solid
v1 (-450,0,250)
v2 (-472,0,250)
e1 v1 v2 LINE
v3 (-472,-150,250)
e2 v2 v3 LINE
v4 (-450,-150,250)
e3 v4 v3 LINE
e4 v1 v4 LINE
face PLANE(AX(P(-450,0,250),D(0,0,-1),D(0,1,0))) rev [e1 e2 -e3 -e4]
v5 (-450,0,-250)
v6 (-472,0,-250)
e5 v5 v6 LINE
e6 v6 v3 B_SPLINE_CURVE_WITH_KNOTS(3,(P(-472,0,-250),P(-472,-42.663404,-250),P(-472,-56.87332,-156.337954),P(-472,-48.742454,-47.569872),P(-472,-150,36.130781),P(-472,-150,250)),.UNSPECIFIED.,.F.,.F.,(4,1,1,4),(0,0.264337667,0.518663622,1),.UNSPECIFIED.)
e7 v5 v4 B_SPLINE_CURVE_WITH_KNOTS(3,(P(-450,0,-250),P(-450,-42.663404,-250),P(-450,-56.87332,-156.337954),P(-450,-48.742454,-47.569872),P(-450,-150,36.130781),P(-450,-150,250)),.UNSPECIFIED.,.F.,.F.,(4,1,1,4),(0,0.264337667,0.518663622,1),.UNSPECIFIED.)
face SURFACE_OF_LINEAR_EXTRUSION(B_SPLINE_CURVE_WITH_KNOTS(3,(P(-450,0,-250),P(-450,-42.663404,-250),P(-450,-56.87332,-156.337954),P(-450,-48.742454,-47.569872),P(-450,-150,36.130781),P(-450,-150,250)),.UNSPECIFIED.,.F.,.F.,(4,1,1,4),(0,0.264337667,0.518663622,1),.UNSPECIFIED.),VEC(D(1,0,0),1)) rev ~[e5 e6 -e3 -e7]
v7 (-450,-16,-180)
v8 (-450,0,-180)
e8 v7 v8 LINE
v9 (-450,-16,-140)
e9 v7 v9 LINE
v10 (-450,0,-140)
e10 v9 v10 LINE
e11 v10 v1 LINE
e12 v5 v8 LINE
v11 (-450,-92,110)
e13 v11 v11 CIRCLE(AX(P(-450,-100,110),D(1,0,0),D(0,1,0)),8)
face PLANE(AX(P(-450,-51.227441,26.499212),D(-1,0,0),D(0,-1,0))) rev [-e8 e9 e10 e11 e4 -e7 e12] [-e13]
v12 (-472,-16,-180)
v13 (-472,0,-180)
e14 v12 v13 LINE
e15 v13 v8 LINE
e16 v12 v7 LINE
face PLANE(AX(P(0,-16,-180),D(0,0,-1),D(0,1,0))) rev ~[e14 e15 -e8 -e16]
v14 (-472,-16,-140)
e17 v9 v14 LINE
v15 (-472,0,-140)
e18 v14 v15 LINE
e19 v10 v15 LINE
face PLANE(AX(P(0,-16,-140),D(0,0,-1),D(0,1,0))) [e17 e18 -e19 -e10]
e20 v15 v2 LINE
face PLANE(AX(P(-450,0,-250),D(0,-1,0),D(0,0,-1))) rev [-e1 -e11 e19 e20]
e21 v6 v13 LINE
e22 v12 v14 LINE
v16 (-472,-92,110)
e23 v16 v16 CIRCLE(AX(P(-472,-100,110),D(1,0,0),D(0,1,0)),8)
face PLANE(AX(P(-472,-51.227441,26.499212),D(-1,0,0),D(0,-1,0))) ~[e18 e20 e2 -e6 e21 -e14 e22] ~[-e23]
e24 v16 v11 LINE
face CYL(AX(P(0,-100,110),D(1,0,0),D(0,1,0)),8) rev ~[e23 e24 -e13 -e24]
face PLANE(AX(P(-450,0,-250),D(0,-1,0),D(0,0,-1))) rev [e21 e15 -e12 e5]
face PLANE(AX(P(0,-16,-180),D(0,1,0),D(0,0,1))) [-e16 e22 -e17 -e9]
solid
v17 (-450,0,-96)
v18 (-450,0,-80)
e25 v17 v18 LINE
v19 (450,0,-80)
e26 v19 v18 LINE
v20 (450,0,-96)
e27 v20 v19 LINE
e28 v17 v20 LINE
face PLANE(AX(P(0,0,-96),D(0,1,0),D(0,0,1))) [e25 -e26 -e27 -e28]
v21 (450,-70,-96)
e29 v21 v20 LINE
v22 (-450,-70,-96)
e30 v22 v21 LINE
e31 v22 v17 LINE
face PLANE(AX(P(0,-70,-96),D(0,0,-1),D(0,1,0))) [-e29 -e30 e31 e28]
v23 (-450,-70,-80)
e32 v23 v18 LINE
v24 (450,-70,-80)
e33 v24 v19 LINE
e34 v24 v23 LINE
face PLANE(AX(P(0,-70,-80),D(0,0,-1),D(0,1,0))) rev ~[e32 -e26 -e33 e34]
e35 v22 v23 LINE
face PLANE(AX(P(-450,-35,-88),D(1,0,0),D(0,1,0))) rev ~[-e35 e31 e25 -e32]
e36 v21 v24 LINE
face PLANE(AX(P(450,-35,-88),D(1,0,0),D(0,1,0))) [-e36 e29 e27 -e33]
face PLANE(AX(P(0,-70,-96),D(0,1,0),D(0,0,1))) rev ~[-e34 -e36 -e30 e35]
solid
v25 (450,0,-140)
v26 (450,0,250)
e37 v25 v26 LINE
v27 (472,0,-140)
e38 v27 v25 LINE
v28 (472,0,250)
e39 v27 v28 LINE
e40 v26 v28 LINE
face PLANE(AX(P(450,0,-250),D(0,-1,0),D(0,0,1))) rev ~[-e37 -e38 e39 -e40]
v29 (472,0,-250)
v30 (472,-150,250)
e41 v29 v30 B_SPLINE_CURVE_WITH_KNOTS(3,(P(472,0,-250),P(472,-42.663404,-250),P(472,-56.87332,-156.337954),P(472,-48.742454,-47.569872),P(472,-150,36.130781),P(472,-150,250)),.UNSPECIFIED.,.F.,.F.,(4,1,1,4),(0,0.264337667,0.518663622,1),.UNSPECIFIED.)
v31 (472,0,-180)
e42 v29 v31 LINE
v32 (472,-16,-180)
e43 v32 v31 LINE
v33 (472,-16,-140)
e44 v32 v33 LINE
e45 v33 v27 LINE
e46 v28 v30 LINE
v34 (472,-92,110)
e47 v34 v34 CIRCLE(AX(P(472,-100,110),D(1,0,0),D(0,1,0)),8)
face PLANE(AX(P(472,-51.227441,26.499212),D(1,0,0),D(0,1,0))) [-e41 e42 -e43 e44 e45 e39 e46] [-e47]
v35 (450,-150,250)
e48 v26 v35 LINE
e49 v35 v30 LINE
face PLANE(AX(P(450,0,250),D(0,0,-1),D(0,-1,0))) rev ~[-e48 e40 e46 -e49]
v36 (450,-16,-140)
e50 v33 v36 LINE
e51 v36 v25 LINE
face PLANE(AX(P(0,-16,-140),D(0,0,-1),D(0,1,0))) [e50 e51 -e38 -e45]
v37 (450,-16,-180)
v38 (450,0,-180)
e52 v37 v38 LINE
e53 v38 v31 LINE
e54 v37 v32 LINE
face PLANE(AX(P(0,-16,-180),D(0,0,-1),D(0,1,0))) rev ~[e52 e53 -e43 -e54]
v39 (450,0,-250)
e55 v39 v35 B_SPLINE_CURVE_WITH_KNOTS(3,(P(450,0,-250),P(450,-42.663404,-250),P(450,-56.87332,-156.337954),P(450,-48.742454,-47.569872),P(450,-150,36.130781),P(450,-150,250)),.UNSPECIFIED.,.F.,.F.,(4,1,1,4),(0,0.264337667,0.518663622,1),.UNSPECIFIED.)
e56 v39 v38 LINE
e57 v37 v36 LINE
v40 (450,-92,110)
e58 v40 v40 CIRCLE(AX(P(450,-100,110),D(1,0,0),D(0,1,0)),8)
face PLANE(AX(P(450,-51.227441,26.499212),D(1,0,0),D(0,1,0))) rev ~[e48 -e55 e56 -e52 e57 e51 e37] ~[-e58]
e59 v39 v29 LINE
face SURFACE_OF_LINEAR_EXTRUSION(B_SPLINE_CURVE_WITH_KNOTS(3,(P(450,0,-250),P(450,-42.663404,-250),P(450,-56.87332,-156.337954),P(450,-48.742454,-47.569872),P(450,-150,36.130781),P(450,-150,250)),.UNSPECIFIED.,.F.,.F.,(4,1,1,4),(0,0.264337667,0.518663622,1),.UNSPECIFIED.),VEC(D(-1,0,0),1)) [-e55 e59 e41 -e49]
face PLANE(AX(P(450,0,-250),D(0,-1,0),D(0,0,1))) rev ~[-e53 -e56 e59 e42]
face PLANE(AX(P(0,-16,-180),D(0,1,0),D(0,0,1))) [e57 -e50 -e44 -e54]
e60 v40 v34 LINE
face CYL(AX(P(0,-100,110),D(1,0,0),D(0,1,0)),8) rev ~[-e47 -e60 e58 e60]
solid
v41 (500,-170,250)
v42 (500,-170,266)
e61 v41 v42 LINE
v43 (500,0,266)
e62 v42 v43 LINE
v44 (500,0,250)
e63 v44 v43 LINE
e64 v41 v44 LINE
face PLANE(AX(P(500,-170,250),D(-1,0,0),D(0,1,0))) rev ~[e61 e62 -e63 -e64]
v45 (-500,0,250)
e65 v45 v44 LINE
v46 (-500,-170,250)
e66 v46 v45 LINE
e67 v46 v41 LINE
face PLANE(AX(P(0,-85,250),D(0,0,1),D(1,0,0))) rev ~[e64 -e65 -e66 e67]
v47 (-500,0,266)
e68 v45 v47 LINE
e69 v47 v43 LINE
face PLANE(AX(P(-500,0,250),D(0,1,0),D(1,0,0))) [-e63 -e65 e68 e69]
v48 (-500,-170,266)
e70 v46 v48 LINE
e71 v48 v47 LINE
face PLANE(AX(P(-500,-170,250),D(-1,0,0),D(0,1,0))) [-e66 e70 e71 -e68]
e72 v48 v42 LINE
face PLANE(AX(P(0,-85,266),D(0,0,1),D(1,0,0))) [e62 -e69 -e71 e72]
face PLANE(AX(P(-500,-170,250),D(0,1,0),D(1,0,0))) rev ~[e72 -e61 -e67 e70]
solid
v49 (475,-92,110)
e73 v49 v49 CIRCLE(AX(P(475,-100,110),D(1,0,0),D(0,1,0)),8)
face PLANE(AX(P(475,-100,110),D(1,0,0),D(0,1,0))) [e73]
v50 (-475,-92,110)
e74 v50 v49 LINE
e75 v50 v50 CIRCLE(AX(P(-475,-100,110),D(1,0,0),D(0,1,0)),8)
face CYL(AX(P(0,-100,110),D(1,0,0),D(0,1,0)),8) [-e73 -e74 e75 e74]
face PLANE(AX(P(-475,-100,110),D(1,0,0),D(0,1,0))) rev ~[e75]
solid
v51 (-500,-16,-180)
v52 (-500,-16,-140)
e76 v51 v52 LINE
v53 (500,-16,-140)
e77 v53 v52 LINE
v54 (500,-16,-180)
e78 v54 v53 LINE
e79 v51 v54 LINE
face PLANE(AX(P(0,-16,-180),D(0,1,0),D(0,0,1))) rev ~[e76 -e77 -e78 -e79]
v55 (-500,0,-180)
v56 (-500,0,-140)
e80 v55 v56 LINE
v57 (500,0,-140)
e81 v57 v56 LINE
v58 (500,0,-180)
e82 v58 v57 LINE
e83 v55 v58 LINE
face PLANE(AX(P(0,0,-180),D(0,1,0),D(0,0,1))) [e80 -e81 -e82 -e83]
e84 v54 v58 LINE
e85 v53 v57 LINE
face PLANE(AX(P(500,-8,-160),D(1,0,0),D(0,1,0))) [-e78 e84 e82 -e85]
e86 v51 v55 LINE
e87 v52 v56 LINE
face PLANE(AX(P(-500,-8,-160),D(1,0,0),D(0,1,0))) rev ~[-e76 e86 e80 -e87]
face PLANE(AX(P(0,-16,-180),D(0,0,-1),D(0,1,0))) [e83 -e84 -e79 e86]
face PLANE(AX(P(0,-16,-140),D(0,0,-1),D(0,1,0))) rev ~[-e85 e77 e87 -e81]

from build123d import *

# Parameters (mm, degrees)
F2_DEPTH      = 22
F4_W          = 1000
F4_H          = 170
F5_DEPTH      = 16
F6_W          = 16
F6_H          = 40
F7_DEPTH      = 500
F8_W          = 70
F8_H          = 16
F9_DEPTH      = 450
F9_DEPTH_BACK = 450
F10_R         = 8
F11_DEPTH     = 475


with BuildPart() as f2:
    # F1 (on offset) → F2 (new body)
    with BuildSketch(Plane.YZ.offset(450)):
        with BuildLine():
            Line((0, 250), (-150, 250))
            add(Edge.make_bspline(
                [(0, -250), (-42.6634041414, -250), (-56.8733196458, -156.3379538907), (-48.7424540116, -47.5698715554), (-150, 36.130781062), (-150, 250)],
                knots=[0, 0, 0, 0, 0.2643376673, 0.5186636217, 1, 1, 1, 1], degree=3))
            Line((0, -250), (0, 250))
        make_face()
    extrude(amount=F2_DEPTH)


with BuildPart() as f3_1:
    # F3: instance of F2
    add(f2.part.mirror(Plane.YZ))


with BuildPart() as f5:
    # F4 (on face) → F5 (new body)
    with BuildSketch(Plane.XY.offset(250)):
        with Locations((0, -85)):
            Rectangle(F4_W, F4_H)
    extrude(amount=F5_DEPTH)


with BuildPart() as f7:
    # F6 (on Right) → F7 (new body, symmetric)
    with BuildSketch(Plane.YZ):
        with Locations((-8, -160)):
            Rectangle(F6_W, F6_H)
    extrude(amount=F7_DEPTH, both=True)


with BuildPart() as f9:
    # F8 (on Right) → F9 (new body, two sides)
    with BuildSketch(Plane.YZ) as f9_sk:
        with Locations((-35, -88)):
            Rectangle(F8_W, F8_H)
    extrude(amount=F9_DEPTH)
    extrude(f9_sk.sketch, amount=-F9_DEPTH_BACK)


with BuildPart() as f11:
    # F10 (on Right) → F11 (new body, symmetric)
    with BuildSketch(Plane.YZ):
        with Locations((-100, 110)):
            Circle(F10_R)
    extrude(amount=F11_DEPTH, both=True)


with BuildPart() as f3_1_1:
    add(f3_1.part)

    # F12: cut F7
    add(f7.part, mode=Mode.SUBTRACT)

    # F13: cut F11
    add(f11.part, mode=Mode.SUBTRACT)


with BuildPart() as f2_1:
    add(f2.part)

    # F12: cut F7
    add(f7.part, mode=Mode.SUBTRACT)

    # F13: cut F11
    add(f11.part, mode=Mode.SUBTRACT)


solid = Compound([f5.part, f7.part, f9.part, f11.part, f3_1_1.part, f2_1.part])
